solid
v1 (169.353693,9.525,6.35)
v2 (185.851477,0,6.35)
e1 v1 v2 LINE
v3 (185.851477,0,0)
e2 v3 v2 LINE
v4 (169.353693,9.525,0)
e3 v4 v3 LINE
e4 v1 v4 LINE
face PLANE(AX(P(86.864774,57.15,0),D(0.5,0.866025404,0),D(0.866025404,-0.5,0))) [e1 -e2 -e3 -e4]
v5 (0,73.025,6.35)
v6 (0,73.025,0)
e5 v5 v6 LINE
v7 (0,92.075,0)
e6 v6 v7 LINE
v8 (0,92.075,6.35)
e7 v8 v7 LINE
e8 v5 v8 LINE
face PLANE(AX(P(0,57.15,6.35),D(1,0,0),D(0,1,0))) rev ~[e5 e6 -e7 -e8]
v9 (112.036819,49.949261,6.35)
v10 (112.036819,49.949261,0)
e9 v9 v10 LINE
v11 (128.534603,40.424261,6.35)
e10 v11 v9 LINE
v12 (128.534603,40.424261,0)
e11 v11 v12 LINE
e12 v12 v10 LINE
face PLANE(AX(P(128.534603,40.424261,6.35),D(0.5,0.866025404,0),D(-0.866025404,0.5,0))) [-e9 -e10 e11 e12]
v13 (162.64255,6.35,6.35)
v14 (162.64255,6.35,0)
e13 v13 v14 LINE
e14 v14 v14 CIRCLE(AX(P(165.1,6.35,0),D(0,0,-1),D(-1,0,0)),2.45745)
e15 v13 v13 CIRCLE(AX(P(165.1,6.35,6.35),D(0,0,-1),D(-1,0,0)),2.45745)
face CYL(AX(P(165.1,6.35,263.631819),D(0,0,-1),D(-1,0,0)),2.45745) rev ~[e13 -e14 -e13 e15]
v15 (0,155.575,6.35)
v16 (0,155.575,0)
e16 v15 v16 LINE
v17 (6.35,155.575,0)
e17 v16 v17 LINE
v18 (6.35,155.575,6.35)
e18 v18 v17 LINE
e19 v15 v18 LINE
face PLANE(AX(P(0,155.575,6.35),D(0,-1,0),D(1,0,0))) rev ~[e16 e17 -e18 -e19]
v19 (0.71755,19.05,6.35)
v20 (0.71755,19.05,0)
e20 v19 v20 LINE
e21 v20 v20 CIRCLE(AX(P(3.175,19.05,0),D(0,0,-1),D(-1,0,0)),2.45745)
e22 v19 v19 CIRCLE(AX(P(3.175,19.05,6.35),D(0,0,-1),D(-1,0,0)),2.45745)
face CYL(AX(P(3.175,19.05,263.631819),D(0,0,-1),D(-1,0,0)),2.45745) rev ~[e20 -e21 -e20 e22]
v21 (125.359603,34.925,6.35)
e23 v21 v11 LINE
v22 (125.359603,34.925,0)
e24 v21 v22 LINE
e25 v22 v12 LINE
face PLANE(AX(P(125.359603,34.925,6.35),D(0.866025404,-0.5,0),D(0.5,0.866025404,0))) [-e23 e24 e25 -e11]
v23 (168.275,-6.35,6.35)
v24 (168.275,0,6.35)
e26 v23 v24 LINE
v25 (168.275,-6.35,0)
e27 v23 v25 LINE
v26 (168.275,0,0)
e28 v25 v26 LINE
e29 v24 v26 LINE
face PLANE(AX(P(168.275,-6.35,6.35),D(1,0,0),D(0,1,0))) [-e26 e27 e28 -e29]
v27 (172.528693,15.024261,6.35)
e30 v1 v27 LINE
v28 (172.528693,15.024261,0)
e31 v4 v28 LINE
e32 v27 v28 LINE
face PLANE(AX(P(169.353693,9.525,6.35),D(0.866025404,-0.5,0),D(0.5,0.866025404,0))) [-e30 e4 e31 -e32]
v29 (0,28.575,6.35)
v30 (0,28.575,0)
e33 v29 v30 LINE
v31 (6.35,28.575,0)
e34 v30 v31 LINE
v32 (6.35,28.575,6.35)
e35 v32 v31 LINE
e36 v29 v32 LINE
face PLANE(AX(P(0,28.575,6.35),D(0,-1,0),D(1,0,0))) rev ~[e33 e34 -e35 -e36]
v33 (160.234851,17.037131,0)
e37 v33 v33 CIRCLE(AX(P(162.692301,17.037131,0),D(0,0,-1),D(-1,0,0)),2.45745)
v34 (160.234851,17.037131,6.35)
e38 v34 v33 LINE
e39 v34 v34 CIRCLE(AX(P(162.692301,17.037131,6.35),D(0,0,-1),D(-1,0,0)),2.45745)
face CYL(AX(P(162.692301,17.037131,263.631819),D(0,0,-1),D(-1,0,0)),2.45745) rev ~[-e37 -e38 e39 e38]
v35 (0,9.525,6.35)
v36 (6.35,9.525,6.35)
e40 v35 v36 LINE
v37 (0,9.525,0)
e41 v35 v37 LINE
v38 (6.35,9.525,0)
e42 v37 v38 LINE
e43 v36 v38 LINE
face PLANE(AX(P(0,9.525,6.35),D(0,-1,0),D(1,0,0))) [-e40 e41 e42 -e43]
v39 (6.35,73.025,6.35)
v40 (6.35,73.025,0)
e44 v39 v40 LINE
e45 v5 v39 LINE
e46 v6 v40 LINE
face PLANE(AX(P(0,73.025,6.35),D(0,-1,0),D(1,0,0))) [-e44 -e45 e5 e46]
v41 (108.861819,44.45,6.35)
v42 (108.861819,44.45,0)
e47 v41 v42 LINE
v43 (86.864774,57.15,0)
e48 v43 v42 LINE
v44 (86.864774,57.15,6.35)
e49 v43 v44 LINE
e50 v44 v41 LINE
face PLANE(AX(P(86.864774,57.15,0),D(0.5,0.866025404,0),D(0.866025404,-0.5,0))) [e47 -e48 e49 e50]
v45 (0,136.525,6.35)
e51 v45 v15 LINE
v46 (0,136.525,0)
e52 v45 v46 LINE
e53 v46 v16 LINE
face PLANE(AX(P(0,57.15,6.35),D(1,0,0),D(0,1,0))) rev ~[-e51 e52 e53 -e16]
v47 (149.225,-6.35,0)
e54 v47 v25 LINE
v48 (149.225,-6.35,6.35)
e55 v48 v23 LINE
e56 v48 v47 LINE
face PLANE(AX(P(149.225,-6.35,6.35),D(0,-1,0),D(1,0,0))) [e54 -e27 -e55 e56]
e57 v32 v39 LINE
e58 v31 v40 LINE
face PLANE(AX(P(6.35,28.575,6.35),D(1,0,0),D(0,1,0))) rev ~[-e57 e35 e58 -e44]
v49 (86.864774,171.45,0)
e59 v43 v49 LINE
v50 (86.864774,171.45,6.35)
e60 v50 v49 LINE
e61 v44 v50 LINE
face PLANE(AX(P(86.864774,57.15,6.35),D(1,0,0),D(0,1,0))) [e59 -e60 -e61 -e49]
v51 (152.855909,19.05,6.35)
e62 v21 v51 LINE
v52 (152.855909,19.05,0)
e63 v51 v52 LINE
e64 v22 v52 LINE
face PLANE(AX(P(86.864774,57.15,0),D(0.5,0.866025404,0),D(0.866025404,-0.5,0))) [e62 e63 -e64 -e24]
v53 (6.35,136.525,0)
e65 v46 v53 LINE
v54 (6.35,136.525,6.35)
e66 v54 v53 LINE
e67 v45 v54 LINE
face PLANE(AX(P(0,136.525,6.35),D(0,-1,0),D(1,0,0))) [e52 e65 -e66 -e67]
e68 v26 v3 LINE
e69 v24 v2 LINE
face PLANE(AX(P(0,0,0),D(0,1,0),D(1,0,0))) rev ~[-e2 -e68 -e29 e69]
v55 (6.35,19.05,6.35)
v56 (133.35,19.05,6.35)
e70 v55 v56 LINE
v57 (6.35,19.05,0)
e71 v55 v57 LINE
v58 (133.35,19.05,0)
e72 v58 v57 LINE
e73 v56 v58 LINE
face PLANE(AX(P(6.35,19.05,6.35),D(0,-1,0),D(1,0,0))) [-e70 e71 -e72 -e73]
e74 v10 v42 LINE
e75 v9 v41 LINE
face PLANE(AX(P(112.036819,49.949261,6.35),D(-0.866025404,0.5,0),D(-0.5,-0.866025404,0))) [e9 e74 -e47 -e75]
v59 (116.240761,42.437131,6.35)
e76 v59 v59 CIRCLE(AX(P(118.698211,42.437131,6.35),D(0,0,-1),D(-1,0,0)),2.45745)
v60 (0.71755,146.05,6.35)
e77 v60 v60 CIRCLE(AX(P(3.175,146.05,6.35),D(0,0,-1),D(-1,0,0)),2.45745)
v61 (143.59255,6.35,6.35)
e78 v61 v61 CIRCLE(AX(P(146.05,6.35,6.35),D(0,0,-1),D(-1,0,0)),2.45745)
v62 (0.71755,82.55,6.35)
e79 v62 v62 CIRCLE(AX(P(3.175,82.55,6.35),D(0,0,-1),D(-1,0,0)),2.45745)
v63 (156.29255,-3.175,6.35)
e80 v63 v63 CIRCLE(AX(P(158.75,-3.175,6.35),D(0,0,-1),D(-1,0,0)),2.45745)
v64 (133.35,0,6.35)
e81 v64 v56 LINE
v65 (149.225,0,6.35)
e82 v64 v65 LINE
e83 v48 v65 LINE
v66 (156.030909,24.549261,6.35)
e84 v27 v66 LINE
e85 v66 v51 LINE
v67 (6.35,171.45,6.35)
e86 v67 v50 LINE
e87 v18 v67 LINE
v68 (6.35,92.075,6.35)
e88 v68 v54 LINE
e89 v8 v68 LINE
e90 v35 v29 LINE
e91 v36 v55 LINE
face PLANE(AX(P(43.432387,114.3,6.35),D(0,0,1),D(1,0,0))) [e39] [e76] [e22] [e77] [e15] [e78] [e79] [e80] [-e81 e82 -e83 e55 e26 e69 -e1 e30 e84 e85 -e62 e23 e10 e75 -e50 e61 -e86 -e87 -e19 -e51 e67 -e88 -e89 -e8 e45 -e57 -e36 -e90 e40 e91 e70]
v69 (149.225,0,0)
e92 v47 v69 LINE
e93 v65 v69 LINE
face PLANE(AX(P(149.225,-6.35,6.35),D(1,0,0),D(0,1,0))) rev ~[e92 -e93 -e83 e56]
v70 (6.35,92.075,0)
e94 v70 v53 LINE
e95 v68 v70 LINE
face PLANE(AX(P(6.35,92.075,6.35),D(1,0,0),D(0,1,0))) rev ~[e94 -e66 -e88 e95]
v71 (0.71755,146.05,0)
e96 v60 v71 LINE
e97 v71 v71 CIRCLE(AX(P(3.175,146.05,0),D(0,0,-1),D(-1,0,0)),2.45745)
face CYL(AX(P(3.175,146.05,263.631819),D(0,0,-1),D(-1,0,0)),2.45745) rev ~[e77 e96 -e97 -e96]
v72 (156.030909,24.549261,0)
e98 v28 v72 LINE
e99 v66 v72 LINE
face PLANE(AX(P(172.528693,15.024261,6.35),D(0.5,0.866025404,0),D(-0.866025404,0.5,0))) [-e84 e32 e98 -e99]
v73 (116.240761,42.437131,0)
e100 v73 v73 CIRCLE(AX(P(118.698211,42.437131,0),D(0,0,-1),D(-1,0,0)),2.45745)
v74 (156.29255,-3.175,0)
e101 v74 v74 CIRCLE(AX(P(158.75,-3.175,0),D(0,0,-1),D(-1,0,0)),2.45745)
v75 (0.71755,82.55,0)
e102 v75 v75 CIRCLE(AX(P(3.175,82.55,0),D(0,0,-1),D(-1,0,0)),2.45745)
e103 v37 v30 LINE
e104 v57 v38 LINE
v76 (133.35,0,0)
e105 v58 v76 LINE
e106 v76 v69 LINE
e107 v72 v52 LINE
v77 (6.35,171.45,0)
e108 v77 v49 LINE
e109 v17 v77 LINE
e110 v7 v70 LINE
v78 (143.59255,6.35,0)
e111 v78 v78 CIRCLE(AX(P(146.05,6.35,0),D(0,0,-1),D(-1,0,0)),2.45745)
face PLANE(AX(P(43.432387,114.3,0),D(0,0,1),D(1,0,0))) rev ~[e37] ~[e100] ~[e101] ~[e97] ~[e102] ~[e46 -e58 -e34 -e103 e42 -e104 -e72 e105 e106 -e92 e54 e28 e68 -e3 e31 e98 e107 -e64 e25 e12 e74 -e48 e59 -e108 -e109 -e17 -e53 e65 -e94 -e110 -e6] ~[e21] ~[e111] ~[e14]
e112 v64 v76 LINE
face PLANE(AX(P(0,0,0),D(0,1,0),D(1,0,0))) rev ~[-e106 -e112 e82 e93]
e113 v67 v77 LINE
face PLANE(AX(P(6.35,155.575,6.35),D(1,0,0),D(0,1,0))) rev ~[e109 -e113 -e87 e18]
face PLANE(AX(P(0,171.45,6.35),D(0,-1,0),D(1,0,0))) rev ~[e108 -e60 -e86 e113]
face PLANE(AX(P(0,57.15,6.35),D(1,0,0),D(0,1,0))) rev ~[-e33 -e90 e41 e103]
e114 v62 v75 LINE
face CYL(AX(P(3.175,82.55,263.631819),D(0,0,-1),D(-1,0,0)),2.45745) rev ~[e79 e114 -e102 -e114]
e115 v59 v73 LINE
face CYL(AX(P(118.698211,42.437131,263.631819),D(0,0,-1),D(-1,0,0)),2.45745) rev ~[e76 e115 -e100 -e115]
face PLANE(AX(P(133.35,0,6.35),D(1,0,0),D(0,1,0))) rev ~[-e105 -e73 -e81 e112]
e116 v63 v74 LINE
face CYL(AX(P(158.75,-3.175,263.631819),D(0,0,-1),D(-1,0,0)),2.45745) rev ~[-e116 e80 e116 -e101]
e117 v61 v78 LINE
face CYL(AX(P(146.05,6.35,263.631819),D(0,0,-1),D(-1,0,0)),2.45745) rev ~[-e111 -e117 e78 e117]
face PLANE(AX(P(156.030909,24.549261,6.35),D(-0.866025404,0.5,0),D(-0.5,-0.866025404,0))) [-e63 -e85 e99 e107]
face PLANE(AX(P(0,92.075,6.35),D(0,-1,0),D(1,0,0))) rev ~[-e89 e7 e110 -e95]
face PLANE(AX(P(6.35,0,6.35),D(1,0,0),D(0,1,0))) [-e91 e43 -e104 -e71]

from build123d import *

# Parameters (mm, degrees)
BOSS_EXTRUDE1_DEPTH          = 6.35
SKETCH2_W                    = 127
SKETCH2_H                    = 19.05
CUT_EXTRUDE1_DEPTH           = 195.543611155
SKETCH3_W                    = 86.864773719
SKETCH3_H                    = 114.3
BOSS_EXTRUDE2_DEPTH          = 6.35
SKETCH4_W                    = 6.35
SKETCH4_H                    = 9.525
SKETCH4_H_2                  = 44.45
SKETCH4_H_3                  = 15.875
CUT_EXTRUDE2_DEPTH           = 253.93516292
SKETCH5_W                    = 19.05
SKETCH5_H                    = 6.35
BOSS_EXTRUDE3_DEPTH          = 6.35
BOSS_EXTRUDE4_DEPTH          = 6.35
LPATTERN1_COUNT              = 2
LPATTERN1_PITCH              = 50.8
F_10_0_1935_DIAMETER_HOLE1_D = 4.9149
F_10_0_1935_DIAMETER_HOLE2_D = 4.9149
F_10_0_1935_DIAMETER_HOLE3_D = 4.9149


with BuildPart() as part:
    # Sketch1 → Boss-Extrude1 (new body)
    with BuildSketch(Plane.XY):
        Polygon((86.864773719, 57.15), (185.851477372, 0), (86.864773719, 0), (0, 0), (0, 57.15), align=None)
    extrude(amount=BOSS_EXTRUDE1_DEPTH)

    # Sketch2 → Cut-Extrude1 (cut, through all)
    with BuildSketch(Plane.XY.offset(6.35)):
        with Locations((69.85, 9.525)):
            Rectangle(SKETCH2_W, SKETCH2_H)
    extrude(amount=-CUT_EXTRUDE1_DEPTH, mode=Mode.SUBTRACT)

    # Sketch3 → Boss-Extrude2 (add)
    with BuildSketch(Plane.XY.offset(6.35)):
        with Locations((43.432386859, 114.3)):
            Rectangle(SKETCH3_W, SKETCH3_H)
    extrude(amount=-BOSS_EXTRUDE2_DEPTH)

    # Sketch4 → Cut-Extrude2 (cut, through all)
    with BuildSketch(Plane.XY.offset(6.35)):
        with Locations((3.175, 4.7625)):
            Rectangle(SKETCH4_W, SKETCH4_H)
        with Locations((3.175, 50.8)):
            Rectangle(SKETCH4_W, SKETCH4_H_2)
        with Locations((3.175, 114.3)):
            Rectangle(SKETCH4_W, SKETCH4_H_2)
        with Locations((3.175, 163.5125)):
            Rectangle(SKETCH4_W, SKETCH4_H_3)
    extrude(amount=-CUT_EXTRUDE2_DEPTH, mode=Mode.SUBTRACT)

    # Sketch5 → Boss-Extrude3 (add)
    with BuildSketch(Plane.XY.offset(6.35)):
        with Locations((158.75, -3.175)):
            Rectangle(SKETCH5_W, SKETCH5_H)
    extrude(amount=-BOSS_EXTRUDE3_DEPTH)

    # Sketch6 → Boss-Extrude4 (add)
    with BuildSketch(Plane.XY.offset(6.35)):
        Polygon((108.861818976, 44.45), (125.359602918, 34.925), (128.534602918, 40.424261314), (112.036818976, 49.949261314), align=None)
    boss_extrude4 = extrude(amount=-BOSS_EXTRUDE4_DEPTH)

    # LPattern1: Boss-Extrude4 ×2
    with Locations(*[Vector(0.8660254037844415, -0.49999999999999517, 0) * (i * LPATTERN1_PITCH) for i in range(1, LPATTERN1_COUNT)]):
        add(boss_extrude4)

    # #10 (0.1935) Diameter Hole1 (through all)
    with Locations(Plane.XY.offset(6.35)):
        with Locations((3.175, 146.05), (3.175, 82.55), (3.175, 19.05)):
            Hole(F_10_0_1935_DIAMETER_HOLE1_D / 2)

    # #10 (0.1935) Diameter Hole2 (through all)
    with Locations(Plane.XY.offset(6.35)):
        with Locations((118.698210947, 42.437130657), (162.692301459, 17.037130657), (158.75, -3.175)):
            Hole(F_10_0_1935_DIAMETER_HOLE2_D / 2)

    # #10 (0.1935) Diameter Hole3 (through all)
    with Locations(Plane.XY.offset(6.35)):
        with Locations((146.05, 6.35), (165.1, 6.35)):
            Hole(F_10_0_1935_DIAMETER_HOLE3_D / 2)


solid = part.part
